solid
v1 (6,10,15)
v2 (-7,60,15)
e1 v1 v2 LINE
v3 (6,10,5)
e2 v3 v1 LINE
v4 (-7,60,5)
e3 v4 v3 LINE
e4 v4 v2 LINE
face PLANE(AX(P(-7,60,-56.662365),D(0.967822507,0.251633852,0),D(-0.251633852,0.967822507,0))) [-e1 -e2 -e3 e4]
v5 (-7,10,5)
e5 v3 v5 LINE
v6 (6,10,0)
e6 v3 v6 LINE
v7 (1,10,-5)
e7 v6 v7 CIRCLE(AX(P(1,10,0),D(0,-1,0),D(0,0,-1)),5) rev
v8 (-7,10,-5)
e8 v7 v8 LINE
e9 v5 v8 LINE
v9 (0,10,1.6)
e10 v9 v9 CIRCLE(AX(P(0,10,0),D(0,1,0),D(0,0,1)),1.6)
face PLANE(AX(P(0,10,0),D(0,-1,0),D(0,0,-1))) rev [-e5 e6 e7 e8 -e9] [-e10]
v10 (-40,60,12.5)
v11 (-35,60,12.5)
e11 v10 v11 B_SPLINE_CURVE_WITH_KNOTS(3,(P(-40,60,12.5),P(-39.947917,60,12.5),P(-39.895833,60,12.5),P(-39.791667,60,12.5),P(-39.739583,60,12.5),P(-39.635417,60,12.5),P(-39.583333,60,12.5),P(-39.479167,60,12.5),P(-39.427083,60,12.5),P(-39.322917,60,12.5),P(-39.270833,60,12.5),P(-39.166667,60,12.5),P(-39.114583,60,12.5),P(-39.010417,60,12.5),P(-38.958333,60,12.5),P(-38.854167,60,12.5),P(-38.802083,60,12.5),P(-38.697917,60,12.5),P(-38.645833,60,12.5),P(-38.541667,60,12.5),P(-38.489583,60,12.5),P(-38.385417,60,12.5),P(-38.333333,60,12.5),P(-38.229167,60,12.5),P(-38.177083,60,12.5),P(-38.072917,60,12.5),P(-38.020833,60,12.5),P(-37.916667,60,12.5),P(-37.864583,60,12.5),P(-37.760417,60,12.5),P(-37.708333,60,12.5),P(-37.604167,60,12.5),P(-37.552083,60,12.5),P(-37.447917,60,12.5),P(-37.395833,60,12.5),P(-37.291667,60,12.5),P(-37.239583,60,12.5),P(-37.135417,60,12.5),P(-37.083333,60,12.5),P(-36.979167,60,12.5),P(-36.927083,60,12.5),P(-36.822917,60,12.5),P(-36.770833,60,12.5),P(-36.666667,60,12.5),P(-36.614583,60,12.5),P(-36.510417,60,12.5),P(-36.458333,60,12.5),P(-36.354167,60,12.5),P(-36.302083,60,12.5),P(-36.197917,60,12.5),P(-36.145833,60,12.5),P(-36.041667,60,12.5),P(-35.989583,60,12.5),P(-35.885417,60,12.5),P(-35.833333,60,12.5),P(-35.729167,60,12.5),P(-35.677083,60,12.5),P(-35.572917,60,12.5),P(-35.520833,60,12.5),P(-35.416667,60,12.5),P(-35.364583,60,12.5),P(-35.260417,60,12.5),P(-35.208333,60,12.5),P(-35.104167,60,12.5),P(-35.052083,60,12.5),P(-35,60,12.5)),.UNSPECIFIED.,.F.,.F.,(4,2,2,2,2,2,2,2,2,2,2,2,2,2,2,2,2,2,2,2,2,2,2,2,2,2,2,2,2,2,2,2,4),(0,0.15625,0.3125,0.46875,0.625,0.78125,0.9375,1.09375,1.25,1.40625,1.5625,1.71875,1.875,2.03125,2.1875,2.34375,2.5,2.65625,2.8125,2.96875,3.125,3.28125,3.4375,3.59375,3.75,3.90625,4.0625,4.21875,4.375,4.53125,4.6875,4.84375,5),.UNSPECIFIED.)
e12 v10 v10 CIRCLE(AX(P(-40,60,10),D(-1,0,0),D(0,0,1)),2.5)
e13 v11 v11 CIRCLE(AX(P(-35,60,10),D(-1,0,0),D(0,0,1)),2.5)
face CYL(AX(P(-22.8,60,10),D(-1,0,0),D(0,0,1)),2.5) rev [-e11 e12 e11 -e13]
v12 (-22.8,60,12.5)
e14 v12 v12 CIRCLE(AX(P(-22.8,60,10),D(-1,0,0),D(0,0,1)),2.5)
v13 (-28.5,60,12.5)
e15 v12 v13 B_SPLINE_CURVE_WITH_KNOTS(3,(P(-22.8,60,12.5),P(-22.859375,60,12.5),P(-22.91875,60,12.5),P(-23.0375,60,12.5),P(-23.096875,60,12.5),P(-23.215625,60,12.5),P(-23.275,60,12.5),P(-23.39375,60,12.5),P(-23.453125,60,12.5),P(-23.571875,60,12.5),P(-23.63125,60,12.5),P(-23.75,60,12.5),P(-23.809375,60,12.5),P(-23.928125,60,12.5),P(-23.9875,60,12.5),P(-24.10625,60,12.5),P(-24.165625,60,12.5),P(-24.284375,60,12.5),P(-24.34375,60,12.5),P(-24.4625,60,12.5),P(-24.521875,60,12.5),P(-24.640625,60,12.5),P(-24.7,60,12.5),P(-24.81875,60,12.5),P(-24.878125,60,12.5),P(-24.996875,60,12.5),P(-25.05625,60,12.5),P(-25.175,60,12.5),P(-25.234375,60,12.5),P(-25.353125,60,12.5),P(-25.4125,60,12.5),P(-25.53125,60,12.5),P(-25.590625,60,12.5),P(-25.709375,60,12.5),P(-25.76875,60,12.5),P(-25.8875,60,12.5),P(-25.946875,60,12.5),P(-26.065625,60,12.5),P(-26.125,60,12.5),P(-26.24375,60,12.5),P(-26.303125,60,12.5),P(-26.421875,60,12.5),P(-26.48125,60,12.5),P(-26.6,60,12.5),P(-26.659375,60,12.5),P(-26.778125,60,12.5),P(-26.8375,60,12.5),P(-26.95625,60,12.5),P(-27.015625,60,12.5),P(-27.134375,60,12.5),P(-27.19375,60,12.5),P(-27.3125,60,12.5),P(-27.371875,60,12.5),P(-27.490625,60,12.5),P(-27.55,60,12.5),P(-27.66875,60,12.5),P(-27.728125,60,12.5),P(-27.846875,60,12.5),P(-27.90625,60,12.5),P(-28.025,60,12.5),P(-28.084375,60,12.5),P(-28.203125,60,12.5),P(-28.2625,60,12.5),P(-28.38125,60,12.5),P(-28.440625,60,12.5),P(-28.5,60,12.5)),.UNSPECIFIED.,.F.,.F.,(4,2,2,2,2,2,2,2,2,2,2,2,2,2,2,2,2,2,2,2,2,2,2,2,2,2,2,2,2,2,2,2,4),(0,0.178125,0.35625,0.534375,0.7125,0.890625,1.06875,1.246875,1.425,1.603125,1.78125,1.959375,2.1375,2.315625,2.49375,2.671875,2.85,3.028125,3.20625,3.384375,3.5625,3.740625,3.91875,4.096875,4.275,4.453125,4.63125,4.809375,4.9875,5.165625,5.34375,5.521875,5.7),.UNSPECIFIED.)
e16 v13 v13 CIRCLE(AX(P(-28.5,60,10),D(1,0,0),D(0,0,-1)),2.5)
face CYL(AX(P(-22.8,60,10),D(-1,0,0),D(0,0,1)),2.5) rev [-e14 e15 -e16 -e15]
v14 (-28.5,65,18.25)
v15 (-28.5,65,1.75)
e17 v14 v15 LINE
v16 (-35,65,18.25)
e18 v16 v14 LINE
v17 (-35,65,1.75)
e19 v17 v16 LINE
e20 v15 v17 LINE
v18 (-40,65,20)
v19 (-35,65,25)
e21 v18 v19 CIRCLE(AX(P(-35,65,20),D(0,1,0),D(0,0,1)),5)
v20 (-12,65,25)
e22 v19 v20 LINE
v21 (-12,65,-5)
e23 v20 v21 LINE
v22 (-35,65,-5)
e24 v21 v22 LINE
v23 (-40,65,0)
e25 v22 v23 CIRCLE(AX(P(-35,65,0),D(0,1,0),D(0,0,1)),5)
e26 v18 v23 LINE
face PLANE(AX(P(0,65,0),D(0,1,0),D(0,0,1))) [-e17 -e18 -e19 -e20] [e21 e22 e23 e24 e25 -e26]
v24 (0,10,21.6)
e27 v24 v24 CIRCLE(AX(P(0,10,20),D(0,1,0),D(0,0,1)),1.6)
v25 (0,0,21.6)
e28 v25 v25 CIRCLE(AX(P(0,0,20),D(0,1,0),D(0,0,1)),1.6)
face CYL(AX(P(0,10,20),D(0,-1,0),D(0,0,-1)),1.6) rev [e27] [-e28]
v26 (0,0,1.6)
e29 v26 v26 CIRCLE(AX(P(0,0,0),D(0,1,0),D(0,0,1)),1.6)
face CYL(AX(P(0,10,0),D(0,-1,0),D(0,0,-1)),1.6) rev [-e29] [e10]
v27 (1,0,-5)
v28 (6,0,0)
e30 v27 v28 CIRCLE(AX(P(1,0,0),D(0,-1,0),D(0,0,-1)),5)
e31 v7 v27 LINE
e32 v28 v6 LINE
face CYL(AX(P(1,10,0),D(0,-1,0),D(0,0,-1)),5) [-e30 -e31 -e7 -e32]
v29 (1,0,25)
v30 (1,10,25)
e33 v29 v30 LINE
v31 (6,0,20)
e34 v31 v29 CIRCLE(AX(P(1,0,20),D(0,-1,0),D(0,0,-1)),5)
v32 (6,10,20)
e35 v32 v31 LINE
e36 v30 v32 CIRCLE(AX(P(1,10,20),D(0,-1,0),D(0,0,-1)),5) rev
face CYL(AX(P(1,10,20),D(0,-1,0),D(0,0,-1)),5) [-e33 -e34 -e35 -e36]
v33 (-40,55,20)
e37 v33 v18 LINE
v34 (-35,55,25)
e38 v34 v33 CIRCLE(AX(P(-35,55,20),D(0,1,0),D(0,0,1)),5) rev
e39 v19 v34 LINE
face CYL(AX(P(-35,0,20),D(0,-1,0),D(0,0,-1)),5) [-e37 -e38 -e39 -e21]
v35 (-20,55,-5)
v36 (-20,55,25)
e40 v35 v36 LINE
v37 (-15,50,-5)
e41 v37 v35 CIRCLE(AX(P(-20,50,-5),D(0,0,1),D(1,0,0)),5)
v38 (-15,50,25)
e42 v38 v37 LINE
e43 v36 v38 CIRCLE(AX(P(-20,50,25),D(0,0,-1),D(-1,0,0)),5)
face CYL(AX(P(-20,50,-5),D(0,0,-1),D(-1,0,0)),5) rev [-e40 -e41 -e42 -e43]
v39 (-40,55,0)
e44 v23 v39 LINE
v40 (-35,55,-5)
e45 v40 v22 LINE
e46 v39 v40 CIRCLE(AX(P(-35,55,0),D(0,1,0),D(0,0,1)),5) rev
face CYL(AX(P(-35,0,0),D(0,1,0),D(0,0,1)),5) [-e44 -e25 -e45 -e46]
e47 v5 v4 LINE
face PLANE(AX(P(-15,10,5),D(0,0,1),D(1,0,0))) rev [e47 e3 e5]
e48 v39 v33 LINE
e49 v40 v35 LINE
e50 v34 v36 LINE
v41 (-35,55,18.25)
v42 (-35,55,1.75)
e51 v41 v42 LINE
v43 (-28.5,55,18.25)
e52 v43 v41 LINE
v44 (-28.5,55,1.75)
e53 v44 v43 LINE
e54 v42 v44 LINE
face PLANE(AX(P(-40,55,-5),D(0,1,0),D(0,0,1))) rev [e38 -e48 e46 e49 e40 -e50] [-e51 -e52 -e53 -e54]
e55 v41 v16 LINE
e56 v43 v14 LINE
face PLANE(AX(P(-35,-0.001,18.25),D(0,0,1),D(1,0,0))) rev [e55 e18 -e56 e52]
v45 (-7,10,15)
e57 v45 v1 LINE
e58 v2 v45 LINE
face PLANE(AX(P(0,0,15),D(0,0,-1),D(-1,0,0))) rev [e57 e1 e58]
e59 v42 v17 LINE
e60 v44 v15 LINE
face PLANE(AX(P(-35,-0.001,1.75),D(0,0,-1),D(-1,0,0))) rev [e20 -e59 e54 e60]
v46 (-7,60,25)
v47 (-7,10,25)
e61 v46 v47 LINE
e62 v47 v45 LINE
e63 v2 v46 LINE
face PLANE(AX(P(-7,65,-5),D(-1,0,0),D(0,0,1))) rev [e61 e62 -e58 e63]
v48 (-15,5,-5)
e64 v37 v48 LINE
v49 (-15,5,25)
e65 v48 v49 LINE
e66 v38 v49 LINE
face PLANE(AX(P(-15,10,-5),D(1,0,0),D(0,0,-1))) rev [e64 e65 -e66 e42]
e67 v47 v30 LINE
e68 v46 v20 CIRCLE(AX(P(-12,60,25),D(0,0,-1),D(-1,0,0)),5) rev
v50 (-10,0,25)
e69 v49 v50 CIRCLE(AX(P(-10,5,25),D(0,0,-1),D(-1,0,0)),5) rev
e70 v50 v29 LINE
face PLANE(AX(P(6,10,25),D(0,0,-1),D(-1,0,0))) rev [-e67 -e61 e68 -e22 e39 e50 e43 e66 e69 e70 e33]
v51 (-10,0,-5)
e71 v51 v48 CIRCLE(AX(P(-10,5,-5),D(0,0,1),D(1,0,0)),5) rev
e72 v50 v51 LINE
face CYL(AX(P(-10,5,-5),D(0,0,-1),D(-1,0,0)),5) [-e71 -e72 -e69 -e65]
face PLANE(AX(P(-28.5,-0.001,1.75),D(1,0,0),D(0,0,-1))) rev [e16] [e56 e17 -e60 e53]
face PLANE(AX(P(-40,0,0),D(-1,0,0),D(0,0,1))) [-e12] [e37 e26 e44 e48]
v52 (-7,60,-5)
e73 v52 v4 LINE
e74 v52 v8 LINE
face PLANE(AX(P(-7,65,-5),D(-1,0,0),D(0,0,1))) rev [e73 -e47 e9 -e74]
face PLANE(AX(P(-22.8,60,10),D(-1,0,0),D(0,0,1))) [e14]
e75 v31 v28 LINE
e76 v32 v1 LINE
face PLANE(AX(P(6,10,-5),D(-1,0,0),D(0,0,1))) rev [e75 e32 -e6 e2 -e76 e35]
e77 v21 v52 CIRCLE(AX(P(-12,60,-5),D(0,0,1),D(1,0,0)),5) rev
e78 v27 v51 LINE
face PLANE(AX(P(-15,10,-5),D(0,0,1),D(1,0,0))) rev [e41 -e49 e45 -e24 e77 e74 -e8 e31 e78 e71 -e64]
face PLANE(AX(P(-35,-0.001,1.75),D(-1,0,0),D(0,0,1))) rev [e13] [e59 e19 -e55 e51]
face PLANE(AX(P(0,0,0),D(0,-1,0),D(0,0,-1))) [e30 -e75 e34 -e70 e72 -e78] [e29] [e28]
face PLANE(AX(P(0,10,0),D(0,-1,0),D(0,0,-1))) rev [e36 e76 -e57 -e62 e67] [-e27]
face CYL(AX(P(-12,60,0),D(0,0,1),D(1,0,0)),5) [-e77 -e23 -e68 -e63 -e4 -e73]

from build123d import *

# Parameters (mm, degrees)
SKETCH1_W           = 21
SKETCH1_H           = 30
SKETCH1_R           = 1.6
BOSS_EXTRUDE3_DEPTH = 10
SKETCH3_W           = 8
SKETCH3_H           = 30
BOSS_EXTRUDE4_DEPTH = 55
SKETCH4_W           = 30
SKETCH4_H           = 10
BOSS_EXTRUDE5_DEPTH = 25
CUT_EXTRUDE1_REACH  = 82.312
SKETCH5_W           = 6.5
SKETCH5_H           = 16.5
SKETCH7_R           = 2.5
CUT_EXTRUDE2_DEPTH  = 17.2
FILLET2_R           = 5
BOSS_EXTRUDE7_START = -10
BOSS_EXTRUDE7_DEPTH = 10


with BuildPart() as part:
    # Sketch1 → Boss-Extrude3 (new body)
    with BuildSketch(Plane(origin=(0, 0, 0), x_dir=(1, 0, 0), z_dir=(0, 1, 0))):
        with Locations((-4.5, -10)):
            Rectangle(SKETCH1_W, SKETCH1_H)
        with Locations(Location((0, 0, 0), (0, 0, 270))):
            Circle(SKETCH1_R, mode=Mode.SUBTRACT)
        with Locations(Location((0, -20, 0), (0, 0, 270))):
            Circle(SKETCH1_R, mode=Mode.SUBTRACT)
    extrude(amount=BOSS_EXTRUDE3_DEPTH)

    # Sketch3 → Boss-Extrude4 (add)
    with BuildSketch(Plane(origin=(0, 10, 0), x_dir=(1, 0, 0), z_dir=(0, 1, 0))):
        with Locations((-11, -10)):
            Rectangle(SKETCH3_W, SKETCH3_H)
    extrude(amount=BOSS_EXTRUDE4_DEPTH)

    # Sketch4 → Boss-Extrude5 (add)
    with BuildSketch(Plane.ZY.offset(15)):
        with Locations((10, 60)):
            Rectangle(SKETCH4_W, SKETCH4_H)
    extrude(amount=BOSS_EXTRUDE5_DEPTH)

    # Sketch5 → Cut-Extrude1 (cut, up to next)
    with BuildSketch(Plane(origin=(0, 65, 0), x_dir=(1, 0, 0), z_dir=(0, 1, 0)), mode=Mode.PRIVATE) as cut_extrude1_sk1:
        with Locations((-31.75, -10)):
            Rectangle(SKETCH5_W, SKETCH5_H)
    cut_extrude1_tool1 = extrude(cut_extrude1_sk1.sketch, amount=-CUT_EXTRUDE1_REACH, mode=Mode.PRIVATE) & part.part
    add(cut_extrude1_tool1.solids().sort_by_distance((-31.75, 65, 10))[0], mode=Mode.SUBTRACT)

    # Sketch7 → Cut-Extrude2 (cut)
    with BuildSketch(Plane.ZY.offset(40)):
        with Locations((10, 60)):
            Circle(SKETCH7_R)
    extrude(amount=-CUT_EXTRUDE2_DEPTH, mode=Mode.SUBTRACT)

    # Fillet2
    fillet2_edges = [part.edges().sort_by_distance(p)[0] for p in [
        (-7, 65, 10),
        (-15, 55, 10),
        (-40, 60, -5),
        (-40, 60, 25),
        (-15, 0, 10),
        (6, 5, -5),
        (6, 5, 25),
    ]]
    fillet(fillet2_edges, radius=FILLET2_R)

    # Sketch8 → Boss-Extrude7 (add)
    with BuildSketch(Plane.XY.offset(25).offset(BOSS_EXTRUDE7_START)):
        Polygon((-7, 10), (-7, 60), (6, 10), align=None)
    extrude(amount=-BOSS_EXTRUDE7_DEPTH)


solid = part.part
